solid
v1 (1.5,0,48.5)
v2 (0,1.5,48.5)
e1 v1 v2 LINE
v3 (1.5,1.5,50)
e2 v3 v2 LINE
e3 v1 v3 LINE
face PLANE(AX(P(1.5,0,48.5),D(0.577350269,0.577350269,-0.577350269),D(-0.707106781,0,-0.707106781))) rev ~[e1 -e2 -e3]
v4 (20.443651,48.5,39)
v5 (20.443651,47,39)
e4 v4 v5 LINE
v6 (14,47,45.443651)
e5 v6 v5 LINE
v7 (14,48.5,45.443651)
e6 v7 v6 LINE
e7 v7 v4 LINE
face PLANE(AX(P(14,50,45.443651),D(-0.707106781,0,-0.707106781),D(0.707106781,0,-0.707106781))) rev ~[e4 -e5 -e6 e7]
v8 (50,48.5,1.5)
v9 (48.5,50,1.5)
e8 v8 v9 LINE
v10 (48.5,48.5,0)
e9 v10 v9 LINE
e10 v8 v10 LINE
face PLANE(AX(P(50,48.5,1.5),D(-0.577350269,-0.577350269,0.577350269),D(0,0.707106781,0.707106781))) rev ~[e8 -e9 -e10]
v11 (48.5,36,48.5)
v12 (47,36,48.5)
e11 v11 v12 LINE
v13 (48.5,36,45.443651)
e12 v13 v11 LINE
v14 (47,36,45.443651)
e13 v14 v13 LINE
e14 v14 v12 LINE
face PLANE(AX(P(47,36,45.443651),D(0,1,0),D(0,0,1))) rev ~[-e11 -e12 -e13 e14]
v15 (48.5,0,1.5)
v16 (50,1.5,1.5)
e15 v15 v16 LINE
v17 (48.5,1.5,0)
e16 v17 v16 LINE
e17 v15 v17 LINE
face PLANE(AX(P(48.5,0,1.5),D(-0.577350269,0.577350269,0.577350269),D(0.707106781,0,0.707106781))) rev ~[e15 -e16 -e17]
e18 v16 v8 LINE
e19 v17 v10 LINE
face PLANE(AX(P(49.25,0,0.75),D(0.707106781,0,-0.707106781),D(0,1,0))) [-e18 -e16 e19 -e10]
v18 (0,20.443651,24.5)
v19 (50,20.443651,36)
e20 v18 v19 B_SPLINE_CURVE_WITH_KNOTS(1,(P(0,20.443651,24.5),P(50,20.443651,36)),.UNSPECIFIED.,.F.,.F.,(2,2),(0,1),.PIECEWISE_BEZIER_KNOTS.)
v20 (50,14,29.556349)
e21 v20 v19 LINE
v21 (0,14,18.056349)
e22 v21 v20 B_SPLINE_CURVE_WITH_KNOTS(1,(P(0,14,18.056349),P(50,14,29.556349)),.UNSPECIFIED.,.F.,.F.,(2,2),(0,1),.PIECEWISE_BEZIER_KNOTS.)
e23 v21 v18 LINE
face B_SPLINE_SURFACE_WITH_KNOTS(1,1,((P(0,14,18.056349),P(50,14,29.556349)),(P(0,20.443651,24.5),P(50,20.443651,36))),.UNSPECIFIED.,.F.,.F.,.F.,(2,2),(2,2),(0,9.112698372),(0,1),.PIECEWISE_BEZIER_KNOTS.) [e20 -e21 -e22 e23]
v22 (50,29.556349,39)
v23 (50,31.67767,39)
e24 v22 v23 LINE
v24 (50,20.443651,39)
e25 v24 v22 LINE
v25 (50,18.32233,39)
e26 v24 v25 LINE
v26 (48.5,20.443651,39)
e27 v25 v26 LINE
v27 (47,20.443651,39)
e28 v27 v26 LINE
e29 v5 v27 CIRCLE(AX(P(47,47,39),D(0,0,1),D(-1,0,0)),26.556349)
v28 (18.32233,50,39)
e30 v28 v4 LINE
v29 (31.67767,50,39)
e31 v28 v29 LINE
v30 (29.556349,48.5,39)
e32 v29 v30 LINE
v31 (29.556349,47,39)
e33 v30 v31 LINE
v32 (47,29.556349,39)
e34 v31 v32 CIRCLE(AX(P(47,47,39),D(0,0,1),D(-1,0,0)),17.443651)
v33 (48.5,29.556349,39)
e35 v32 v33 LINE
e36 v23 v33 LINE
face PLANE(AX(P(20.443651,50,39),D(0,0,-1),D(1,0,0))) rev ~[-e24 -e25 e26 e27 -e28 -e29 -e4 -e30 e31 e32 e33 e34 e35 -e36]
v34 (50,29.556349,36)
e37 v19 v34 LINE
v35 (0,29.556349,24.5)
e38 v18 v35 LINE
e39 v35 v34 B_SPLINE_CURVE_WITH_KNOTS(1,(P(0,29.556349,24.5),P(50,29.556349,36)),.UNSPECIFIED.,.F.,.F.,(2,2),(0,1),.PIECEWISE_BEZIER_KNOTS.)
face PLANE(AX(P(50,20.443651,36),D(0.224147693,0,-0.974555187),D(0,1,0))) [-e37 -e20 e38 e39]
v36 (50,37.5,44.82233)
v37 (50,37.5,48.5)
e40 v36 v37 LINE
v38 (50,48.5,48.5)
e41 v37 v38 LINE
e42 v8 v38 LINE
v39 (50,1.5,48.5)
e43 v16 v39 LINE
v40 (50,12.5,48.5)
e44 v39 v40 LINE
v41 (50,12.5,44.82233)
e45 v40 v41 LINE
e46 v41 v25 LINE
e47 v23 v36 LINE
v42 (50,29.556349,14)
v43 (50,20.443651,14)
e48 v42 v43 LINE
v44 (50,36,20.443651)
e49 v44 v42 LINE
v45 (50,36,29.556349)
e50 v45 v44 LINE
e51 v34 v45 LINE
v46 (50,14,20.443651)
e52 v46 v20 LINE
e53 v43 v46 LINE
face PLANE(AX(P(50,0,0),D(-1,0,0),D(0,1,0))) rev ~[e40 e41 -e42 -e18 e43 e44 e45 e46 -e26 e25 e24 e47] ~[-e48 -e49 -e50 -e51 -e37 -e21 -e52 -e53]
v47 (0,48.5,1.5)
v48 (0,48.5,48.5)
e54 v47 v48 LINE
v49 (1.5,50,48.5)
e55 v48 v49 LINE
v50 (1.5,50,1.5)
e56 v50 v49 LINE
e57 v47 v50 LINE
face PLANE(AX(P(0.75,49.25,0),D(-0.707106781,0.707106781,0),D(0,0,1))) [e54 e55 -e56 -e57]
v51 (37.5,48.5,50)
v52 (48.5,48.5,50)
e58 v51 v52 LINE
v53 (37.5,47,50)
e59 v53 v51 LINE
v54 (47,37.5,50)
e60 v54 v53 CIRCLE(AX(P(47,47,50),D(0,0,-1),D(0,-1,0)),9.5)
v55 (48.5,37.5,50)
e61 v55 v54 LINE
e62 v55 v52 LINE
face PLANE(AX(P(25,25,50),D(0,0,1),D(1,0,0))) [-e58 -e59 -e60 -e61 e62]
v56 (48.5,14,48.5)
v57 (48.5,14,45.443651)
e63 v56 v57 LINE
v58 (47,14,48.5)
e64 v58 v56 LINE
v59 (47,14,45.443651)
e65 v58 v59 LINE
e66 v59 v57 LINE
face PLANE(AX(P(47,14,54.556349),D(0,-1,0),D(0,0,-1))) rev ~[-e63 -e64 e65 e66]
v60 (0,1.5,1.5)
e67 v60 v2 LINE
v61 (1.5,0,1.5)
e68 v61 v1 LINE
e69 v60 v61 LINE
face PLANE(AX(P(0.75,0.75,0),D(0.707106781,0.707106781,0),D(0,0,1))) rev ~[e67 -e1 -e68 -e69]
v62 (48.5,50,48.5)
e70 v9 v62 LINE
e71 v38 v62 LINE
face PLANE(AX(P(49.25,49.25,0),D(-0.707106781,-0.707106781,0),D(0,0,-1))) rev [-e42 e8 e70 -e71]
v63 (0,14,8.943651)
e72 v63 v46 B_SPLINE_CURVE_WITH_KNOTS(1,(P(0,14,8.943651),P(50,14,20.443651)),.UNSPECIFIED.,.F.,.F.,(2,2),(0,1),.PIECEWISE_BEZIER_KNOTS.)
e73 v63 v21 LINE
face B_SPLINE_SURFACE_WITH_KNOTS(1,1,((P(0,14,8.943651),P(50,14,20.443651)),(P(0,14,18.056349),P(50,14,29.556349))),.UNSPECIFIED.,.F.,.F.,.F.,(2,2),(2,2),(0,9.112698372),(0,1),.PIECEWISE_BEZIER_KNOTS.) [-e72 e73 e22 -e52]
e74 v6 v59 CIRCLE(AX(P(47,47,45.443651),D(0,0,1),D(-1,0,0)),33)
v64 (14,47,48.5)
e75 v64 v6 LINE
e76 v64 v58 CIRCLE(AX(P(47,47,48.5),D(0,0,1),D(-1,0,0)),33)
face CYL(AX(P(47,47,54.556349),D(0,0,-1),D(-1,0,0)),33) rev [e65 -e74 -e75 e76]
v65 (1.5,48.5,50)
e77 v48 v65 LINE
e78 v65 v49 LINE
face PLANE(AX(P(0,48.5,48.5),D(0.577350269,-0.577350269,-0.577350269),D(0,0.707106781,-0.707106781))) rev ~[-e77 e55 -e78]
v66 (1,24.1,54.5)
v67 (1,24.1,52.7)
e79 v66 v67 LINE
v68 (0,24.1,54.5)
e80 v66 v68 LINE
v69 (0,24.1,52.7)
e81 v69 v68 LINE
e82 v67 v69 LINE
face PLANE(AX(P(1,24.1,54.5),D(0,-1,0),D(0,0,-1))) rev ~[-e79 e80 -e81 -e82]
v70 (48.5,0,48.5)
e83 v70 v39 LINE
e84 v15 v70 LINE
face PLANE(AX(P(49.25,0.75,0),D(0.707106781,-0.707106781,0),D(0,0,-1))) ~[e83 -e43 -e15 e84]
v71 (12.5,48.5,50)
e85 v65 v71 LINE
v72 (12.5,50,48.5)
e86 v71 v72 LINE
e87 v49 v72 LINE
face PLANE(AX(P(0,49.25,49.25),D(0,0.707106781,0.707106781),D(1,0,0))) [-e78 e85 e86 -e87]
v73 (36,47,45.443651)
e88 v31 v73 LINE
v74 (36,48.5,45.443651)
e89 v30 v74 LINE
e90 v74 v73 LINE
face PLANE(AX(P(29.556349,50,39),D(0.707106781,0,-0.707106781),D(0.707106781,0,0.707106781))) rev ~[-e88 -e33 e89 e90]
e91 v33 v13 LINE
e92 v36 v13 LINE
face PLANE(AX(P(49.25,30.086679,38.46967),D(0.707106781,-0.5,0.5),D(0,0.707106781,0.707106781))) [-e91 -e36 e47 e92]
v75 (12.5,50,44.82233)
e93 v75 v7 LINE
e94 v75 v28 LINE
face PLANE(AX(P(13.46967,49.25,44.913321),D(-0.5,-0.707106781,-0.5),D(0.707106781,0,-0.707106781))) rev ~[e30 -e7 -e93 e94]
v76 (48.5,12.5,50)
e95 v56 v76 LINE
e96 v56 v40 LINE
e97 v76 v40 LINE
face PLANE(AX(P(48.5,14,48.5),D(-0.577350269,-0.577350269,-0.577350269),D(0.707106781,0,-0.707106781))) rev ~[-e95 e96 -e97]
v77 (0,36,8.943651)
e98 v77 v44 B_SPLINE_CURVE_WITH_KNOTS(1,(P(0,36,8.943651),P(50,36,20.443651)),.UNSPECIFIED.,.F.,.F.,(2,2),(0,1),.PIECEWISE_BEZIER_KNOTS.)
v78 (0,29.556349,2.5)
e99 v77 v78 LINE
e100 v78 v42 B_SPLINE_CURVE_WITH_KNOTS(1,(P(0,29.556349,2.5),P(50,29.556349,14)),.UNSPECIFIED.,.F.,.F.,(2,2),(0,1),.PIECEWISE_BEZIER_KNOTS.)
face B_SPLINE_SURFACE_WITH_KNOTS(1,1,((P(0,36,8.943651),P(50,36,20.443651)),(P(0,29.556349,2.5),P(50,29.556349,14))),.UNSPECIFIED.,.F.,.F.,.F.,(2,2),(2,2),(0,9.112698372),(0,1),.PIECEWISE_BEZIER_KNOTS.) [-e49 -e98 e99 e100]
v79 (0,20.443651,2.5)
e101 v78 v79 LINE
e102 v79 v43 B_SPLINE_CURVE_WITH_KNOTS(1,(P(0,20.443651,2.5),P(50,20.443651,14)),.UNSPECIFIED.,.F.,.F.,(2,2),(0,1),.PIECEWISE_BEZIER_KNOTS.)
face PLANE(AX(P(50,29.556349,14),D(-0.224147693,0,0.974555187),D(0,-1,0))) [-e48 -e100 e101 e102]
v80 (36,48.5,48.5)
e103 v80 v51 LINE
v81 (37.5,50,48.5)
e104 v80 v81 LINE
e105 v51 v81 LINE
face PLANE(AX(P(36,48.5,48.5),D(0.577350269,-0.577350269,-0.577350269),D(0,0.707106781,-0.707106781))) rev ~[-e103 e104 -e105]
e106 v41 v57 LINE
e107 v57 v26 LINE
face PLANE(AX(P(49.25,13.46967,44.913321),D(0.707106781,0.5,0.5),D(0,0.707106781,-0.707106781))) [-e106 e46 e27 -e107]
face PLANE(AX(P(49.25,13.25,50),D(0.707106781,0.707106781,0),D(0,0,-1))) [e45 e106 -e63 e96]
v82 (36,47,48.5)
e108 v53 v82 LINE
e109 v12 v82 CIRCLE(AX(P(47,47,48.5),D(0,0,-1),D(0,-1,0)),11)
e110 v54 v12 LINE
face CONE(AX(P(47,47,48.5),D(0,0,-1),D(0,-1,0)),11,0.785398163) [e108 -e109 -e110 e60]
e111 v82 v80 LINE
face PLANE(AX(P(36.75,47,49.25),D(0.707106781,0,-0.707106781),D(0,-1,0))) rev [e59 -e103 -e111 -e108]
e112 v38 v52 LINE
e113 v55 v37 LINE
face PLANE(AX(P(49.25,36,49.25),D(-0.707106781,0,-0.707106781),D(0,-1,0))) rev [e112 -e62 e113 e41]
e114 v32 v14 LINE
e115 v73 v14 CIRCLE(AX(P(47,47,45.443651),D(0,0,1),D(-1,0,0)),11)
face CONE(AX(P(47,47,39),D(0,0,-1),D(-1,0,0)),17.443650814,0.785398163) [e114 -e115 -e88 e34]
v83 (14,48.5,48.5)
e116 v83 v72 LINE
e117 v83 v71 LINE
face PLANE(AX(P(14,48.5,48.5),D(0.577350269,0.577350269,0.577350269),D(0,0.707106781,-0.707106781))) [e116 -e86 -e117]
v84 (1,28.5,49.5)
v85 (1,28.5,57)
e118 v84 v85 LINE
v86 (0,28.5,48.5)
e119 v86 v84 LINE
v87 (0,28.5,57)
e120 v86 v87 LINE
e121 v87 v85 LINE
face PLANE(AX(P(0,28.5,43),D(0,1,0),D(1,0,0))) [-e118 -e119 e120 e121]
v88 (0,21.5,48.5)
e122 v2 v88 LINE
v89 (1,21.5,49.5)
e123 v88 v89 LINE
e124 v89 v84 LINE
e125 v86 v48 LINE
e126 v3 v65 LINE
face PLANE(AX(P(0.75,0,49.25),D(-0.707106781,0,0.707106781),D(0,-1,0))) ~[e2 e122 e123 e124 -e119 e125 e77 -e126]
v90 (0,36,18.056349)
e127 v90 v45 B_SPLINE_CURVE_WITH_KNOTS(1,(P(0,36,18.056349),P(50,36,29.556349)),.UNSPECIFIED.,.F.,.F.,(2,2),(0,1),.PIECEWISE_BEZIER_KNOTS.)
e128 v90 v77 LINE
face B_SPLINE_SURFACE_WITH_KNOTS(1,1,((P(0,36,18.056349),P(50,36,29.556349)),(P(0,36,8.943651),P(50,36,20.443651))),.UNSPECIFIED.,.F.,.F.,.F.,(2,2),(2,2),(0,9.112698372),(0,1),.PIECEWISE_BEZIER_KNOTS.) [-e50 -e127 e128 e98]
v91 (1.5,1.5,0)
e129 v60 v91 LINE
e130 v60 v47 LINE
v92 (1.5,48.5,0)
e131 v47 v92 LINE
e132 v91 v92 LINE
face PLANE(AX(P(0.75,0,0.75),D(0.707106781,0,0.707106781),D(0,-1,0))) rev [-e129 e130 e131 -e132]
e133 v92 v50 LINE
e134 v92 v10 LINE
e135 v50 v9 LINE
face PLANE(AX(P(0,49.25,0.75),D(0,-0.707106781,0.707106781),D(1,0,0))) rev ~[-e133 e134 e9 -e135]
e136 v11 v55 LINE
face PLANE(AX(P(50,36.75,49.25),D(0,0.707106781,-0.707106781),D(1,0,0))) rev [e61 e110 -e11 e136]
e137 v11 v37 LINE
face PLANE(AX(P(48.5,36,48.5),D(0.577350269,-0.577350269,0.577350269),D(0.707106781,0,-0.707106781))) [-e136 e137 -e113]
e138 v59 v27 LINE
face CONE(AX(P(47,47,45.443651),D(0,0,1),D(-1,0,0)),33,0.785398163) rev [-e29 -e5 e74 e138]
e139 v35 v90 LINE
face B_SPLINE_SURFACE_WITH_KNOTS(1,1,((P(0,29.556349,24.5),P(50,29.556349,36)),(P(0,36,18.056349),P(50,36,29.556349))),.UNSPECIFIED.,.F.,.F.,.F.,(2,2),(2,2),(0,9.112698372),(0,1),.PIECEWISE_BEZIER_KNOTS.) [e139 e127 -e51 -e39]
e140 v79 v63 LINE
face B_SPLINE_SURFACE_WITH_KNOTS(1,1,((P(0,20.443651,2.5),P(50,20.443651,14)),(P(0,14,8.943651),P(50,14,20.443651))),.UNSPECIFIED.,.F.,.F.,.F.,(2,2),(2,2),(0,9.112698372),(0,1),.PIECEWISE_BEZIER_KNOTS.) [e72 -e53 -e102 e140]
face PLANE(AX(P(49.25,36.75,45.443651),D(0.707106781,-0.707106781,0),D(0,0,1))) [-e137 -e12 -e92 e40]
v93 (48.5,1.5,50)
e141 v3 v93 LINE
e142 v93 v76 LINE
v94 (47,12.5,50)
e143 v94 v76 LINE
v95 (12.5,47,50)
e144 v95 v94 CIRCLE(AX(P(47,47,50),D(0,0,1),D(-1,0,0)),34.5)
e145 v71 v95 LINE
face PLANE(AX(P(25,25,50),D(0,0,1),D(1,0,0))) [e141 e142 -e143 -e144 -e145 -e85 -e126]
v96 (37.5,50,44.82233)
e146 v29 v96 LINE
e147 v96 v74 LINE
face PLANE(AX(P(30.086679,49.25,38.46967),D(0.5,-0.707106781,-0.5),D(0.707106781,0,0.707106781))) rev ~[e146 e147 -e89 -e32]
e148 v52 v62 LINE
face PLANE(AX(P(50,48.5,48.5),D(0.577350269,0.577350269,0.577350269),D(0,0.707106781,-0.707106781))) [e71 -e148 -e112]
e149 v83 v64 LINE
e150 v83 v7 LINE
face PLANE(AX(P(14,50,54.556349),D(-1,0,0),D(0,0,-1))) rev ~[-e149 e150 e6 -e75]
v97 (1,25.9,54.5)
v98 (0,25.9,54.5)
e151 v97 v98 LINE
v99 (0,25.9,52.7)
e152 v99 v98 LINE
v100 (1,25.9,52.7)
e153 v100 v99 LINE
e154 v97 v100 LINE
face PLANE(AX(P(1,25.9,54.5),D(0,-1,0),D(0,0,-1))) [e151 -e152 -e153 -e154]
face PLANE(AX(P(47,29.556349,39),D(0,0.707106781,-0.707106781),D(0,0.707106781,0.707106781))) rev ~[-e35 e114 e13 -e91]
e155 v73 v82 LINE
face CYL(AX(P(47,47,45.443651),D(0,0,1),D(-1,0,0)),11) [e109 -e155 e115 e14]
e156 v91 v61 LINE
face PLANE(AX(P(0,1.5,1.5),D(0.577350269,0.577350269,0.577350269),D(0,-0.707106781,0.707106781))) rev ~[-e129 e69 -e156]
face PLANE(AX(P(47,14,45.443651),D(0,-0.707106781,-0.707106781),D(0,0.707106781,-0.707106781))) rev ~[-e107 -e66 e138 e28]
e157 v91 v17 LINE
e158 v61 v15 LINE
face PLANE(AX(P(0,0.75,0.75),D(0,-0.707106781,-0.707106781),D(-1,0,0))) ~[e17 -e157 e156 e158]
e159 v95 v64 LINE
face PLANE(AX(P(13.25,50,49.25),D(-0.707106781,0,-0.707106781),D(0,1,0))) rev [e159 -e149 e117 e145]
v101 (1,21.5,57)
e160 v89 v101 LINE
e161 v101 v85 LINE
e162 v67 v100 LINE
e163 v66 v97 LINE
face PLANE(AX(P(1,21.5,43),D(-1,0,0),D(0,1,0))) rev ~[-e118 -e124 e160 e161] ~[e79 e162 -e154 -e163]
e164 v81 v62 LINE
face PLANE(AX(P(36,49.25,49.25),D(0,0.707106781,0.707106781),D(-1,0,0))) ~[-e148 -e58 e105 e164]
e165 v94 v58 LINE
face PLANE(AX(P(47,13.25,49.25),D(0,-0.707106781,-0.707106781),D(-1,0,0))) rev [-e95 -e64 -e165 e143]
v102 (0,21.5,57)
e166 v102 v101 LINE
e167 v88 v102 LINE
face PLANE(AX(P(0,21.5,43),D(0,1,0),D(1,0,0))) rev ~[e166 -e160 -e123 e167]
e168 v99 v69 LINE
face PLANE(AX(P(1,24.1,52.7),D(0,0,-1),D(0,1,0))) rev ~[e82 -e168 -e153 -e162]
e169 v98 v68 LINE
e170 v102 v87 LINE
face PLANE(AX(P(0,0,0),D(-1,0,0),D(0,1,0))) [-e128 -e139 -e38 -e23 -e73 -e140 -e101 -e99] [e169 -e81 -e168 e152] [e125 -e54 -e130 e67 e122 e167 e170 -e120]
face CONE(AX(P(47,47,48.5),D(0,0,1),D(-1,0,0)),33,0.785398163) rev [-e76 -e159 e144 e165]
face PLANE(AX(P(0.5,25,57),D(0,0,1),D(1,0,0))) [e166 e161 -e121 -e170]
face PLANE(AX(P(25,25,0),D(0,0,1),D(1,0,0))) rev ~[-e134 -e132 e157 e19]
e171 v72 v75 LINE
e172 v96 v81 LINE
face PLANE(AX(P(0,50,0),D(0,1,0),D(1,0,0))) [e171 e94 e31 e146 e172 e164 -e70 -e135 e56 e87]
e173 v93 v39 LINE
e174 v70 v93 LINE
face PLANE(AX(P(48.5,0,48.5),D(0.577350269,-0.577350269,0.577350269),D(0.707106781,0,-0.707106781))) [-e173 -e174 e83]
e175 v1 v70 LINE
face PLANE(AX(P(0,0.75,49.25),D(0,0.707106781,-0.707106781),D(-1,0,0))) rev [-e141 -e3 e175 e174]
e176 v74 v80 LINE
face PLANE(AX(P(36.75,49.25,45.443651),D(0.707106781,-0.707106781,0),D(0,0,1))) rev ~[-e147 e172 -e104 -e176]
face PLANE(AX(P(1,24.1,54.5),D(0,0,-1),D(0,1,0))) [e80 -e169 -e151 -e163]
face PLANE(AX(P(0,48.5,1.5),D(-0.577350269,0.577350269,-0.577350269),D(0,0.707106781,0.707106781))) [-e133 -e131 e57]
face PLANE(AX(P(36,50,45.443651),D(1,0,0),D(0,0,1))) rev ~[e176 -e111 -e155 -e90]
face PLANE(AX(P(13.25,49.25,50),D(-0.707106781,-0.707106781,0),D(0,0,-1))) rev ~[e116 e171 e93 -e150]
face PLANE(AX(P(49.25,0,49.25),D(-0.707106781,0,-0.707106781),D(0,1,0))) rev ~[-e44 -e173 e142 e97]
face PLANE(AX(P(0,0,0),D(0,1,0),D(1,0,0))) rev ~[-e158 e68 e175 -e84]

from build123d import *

# Parameters (mm, degrees)
SKETCH1_W                = 50
SKETCH1_H                = 50
BOSS_EXTRUDE1_DEPTH      = 50
CHAMFER1_SIZE            = 1.5
BOSS_EXTRUDE2_DEPTH      = 7
BOSS_EXTRUDE2_DEPTH_BACK = 7
SKETCH6_W                = 1
SKETCH6_H                = 7
SKETCH7_W                = 1.8
SKETCH7_H                = 1.8
CUT_EXTRUDE1_DEPTH       = 7


with BuildPart() as part:
    # Sketch1 → Boss-Extrude1 (new body)
    with BuildSketch(Plane.XY):
        with Locations((25, 25)):
            Rectangle(SKETCH1_W, SKETCH1_H)
    extrude(amount=BOSS_EXTRUDE1_DEPTH)

    # Cut-Sweep2: sweep along a path in Sketch4
    with BuildLine(Plane.XY.offset(50)) as cut_sweep2_path:
        Line((25, 50), (25, 47))
        ThreePointArc((25, 47), (31.443650814, 31.443650814), (47, 25))
        Line((47, 25), (50, 25))
    # Sketch3 → Cut-Sweep2 (sweep, cut)
    with BuildSketch(Plane.XZ.offset(-50)):
        Polygon((29.556349186, 39), (36, 45.443650814), (36, 54.556349186), (29.556349186, 61), (20.443650814, 61), (14, 54.556349186), (14, 45.443650814), (20.443650814, 39), align=None)
    sweep(path=cut_sweep2_path.line, mode=Mode.SUBTRACT)

    # Sketch5 → Cut-Loft1 section 0
    with BuildSketch(Plane.ZY):
        with BuildLine():
            Line((24.5, 20.443650814), (24.5, 29.556349186))
            Line((24.5, 29.556349186), (18.056349186, 36))
            Line((18.056349186, 36), (8.943650814, 36))
            Line((8.943650814, 36), (2.5, 29.556349186))
            Line((2.5, 29.556349186), (2.5, 20.443650814))
            Line((2.5, 20.443650814), (8.943650814, 14))
            Line((8.943650814, 14), (18.056349186, 14))
            Line((18.056349186, 14), (24.5, 20.443650814))
        make_face()
    # Sketch2 → Cut-Loft1 section 1
    with BuildSketch(Plane.ZY.offset(-50)):
        with BuildLine():
            Line((36, 29.556349186), (29.556349186, 36))
            Line((29.556349186, 36), (20.443650814, 36))
            Line((20.443650814, 36), (14, 29.556349186))
            Line((14, 29.556349186), (14, 20.443650814))
            Line((14, 20.443650814), (20.443650814, 14))
            Line((20.443650814, 14), (29.556349186, 14))
            Line((29.556349186, 14), (36, 20.443650814))
            Line((36, 20.443650814), (36, 29.556349186))
        make_face()
    loft(mode=Mode.SUBTRACT)

    # Chamfer1
    chamfer1_edges = [part.edges().sort_by_distance(p)[0] for p in [
        (50, 7, 50),
        (43, 50, 50),
        (50, 43, 50),
        (7, 50, 50),
        (14, 48.5, 50),
        (23.665476221, 23.665476221, 50),
        (48.5, 14, 50),
        (36, 48.5, 50),
        (39.221825407, 39.221825407, 50),
        (48.5, 36, 50),
        (36, 50, 47.721825407),
        (14, 50, 47.721825407),
        (50, 36, 47.721825407),
        (50, 14, 47.721825407),
        (50, 17.221825407, 42.221825407),
        (50, 32.778174593, 42.221825407),
        (32.778174593, 50, 42.221825407),
        (17.221825407, 50, 42.221825407),
        (0, 25, 50),
        (25, 50, 0),
        (50, 25, 0),
        (25, 0, 0),
        (0, 25, 0),
        (25, 0, 50),
        (0, 50, 25),
        (50, 50, 25),
        (50, 0, 25),
        (0, 0, 25),
    ]]
    chamfer(chamfer1_edges, length=CHAMFER1_SIZE)

    # Sketch6 → Boss-Extrude2 (add, two sides: drawn at the far end of the back side and taken through both)
    with BuildSketch(Plane.XY.offset(50).offset(-BOSS_EXTRUDE2_DEPTH_BACK)):
        with Locations((0.5, 25)):
            Rectangle(SKETCH6_W, SKETCH6_H)
    extrude(amount=BOSS_EXTRUDE2_DEPTH + BOSS_EXTRUDE2_DEPTH_BACK)

    # Sketch7 → Cut-Extrude1 (cut)
    with BuildSketch(Plane(origin=(1, 0, 0), x_dir=(0, 0, -1), z_dir=(1, 0, 0))):
        with Locations((-53.6, 25)):
            Rectangle(SKETCH7_W, SKETCH7_H)
    extrude(amount=-CUT_EXTRUDE1_DEPTH, mode=Mode.SUBTRACT)


solid = part.part
